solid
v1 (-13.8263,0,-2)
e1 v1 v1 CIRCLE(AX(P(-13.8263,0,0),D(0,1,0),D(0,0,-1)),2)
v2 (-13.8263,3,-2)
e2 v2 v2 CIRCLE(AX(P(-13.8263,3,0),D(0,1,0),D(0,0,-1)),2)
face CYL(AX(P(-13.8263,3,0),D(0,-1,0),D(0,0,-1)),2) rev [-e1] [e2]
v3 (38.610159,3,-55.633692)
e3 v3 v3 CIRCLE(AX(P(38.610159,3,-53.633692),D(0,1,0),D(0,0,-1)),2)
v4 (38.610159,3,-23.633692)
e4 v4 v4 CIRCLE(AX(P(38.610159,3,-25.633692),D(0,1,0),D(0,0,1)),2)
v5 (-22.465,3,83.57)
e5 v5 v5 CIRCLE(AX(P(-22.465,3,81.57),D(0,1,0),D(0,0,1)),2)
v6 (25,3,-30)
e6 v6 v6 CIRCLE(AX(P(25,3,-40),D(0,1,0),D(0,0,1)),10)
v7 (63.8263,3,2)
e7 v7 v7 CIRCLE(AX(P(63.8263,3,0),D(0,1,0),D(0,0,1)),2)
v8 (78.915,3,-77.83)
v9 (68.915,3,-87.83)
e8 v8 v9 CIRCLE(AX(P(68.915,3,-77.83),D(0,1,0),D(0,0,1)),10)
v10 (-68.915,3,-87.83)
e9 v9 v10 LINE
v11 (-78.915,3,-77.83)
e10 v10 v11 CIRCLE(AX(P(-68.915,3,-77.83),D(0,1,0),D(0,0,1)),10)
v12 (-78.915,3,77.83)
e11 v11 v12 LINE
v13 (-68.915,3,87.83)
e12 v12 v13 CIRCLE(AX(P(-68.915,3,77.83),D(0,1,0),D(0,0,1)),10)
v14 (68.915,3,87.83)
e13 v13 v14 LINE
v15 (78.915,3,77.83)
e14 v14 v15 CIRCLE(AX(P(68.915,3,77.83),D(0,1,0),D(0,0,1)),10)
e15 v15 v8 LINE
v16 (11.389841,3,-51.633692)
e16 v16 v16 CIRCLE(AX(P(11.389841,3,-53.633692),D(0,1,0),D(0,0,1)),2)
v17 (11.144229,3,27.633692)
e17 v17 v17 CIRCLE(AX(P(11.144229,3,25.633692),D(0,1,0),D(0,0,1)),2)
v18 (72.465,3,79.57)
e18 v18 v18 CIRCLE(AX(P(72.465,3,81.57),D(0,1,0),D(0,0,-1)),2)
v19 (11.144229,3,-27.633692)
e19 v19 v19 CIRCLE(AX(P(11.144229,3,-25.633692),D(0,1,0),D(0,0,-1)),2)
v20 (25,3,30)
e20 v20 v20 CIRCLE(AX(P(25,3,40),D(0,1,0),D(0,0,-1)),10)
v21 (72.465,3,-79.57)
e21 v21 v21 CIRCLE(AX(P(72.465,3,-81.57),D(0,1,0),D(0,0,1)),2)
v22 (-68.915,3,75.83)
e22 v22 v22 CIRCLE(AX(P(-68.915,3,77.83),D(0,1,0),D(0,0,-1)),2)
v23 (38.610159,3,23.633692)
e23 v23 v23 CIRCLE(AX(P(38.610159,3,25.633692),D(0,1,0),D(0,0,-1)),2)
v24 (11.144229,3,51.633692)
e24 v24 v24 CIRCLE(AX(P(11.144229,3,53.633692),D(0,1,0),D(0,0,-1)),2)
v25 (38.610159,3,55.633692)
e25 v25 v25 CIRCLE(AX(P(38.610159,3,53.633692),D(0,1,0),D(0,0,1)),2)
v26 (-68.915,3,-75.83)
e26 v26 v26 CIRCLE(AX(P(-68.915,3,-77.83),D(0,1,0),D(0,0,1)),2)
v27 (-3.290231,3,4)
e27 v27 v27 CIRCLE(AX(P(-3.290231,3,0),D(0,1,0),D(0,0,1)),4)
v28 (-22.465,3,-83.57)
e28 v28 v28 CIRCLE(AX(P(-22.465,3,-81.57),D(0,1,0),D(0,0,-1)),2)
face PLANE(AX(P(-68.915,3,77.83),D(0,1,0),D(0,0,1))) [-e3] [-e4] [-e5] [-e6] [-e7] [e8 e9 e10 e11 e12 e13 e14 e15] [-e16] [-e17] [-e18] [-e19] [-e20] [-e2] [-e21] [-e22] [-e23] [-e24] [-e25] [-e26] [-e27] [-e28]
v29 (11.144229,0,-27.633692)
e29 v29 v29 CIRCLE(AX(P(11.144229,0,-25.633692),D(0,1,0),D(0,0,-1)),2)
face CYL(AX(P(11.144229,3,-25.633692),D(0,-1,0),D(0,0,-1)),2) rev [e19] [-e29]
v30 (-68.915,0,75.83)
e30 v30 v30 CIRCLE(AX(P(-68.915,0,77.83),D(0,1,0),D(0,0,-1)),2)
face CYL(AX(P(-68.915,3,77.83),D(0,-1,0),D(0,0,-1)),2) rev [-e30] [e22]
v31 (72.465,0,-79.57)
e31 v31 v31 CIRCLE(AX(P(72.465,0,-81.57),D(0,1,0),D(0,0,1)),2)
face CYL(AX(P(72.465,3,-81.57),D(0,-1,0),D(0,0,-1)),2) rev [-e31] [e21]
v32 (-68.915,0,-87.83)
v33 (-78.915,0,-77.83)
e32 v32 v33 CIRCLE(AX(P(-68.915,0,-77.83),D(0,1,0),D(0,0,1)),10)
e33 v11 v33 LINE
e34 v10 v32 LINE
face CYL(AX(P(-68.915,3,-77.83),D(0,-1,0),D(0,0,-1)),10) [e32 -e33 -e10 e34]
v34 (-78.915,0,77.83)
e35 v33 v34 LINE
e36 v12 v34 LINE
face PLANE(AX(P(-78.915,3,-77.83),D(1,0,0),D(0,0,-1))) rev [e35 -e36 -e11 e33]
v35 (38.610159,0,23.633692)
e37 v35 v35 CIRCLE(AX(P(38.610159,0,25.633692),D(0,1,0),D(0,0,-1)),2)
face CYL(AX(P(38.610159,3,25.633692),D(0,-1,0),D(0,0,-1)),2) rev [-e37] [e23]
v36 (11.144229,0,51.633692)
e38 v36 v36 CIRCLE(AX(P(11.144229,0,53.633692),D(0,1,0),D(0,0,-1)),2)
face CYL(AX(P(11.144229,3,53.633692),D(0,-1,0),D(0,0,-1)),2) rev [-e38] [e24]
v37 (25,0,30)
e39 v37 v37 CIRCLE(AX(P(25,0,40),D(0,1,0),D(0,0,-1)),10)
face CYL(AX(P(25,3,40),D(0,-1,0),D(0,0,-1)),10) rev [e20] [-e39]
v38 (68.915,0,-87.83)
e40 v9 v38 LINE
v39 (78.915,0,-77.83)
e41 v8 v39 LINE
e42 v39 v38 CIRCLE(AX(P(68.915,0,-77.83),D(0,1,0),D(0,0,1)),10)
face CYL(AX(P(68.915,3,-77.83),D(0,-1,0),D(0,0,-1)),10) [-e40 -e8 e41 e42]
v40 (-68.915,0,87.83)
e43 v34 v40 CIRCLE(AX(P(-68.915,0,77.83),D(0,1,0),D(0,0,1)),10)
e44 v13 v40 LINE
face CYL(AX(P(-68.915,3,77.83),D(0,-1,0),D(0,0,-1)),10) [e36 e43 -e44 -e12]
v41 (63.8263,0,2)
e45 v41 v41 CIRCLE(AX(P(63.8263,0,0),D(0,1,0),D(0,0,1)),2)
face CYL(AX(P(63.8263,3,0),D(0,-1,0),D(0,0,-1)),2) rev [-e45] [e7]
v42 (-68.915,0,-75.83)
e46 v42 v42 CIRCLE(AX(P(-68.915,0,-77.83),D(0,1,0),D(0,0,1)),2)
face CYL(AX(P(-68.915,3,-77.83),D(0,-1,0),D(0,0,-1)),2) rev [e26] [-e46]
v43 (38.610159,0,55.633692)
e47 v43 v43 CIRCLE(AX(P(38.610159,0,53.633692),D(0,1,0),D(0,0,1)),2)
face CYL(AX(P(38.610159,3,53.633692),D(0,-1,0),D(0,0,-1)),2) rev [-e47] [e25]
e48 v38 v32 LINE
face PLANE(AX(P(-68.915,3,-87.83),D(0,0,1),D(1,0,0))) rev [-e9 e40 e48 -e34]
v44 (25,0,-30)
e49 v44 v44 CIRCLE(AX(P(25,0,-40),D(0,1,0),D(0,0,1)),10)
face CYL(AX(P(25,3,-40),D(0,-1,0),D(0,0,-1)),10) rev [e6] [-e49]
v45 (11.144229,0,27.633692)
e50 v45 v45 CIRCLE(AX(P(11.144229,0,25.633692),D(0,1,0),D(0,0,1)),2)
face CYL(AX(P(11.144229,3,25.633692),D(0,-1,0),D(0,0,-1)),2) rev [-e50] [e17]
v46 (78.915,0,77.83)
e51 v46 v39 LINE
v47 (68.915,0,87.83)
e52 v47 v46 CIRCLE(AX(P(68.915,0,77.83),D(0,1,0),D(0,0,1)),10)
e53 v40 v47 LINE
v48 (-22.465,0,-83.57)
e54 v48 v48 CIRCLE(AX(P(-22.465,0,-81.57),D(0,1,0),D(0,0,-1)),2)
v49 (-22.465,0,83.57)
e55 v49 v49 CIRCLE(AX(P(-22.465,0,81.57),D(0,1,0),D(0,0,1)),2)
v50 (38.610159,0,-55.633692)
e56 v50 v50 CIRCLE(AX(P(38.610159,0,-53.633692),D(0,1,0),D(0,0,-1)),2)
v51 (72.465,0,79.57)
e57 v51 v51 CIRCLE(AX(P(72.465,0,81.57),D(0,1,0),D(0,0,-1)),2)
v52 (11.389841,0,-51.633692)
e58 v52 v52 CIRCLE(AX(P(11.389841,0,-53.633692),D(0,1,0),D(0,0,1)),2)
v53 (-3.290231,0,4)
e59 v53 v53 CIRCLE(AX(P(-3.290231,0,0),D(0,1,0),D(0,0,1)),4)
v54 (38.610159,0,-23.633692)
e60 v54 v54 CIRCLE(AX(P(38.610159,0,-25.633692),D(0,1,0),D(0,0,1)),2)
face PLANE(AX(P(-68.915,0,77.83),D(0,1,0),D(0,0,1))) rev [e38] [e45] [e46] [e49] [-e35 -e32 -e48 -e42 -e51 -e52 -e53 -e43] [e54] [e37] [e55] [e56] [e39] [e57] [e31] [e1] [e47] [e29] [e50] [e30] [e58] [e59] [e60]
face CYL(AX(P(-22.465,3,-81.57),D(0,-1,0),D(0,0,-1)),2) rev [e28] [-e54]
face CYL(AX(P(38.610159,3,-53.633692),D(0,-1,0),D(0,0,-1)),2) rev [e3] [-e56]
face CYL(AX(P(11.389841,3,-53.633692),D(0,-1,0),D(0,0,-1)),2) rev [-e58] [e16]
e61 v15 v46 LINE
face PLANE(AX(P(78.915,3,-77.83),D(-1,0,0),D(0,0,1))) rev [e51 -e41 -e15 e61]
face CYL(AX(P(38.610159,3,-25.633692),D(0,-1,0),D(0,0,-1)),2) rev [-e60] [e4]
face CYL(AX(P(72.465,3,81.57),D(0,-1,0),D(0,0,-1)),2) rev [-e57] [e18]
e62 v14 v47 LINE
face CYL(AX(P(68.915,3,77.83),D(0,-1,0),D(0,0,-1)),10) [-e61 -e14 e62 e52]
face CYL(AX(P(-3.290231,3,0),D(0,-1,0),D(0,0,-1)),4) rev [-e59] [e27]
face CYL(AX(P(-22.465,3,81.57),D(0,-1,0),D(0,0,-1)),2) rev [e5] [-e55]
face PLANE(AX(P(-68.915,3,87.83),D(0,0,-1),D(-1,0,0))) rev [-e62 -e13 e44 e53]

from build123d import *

# Parameters (mm, degrees)
SKETCH_1_R      = 2
SKETCH_1_R_2    = 10
SKETCH_1_R_3    = 4
EXTRUDE_1_DEPTH = 3


with BuildPart() as part:
    # 草图1 → 凸台-拉伸1 (new body)
    with BuildSketch(Plane(origin=(0, 0, 0), x_dir=(1, 0, 0), z_dir=(0, 1, 0))):
        with BuildLine():
            Line((-78.915, 77.83), (-78.915, -77.83))
            ThreePointArc((-78.915, -77.83), (-75.986067812, -84.901067812), (-68.915, -87.83))
            Line((-68.915, -87.83), (68.915, -87.83))
            ThreePointArc((68.915, -87.83), (75.986067812, -84.901067812), (78.915, -77.83))
            Line((78.915, -77.83), (78.915, 77.83))
            ThreePointArc((78.915, 77.83), (75.986067812, 84.901067812), (68.915, 87.83))
            Line((68.915, 87.83), (-68.915, 87.83))
            ThreePointArc((-68.915, 87.83), (-75.986067812, 84.901067812), (-78.915, 77.83))
        make_face()
        with Locations(Location((72.465, 81.57, 0), (0, 0, 270))):
            Circle(SKETCH_1_R, mode=Mode.SUBTRACT)
        with Locations(Location((72.465, -81.57, 0), (0, 0, 90))):
            Circle(SKETCH_1_R, mode=Mode.SUBTRACT)
        with Locations(Location((-22.465, -81.57, 0), (0, 0, 270))):
            Circle(SKETCH_1_R, mode=Mode.SUBTRACT)
        with Locations(Location((-22.465, 81.57, 0), (0, 0, 90))):
            Circle(SKETCH_1_R, mode=Mode.SUBTRACT)
        with Locations(Location((-68.915, 77.83, 0), (0, 0, 270))):
            Circle(SKETCH_1_R, mode=Mode.SUBTRACT)
        with Locations(Location((-68.915, -77.83, 0), (0, 0, 90))):
            Circle(SKETCH_1_R, mode=Mode.SUBTRACT)
        with Locations(Location((25, 40, 0), (0, 0, 270))):
            Circle(SKETCH_1_R_2, mode=Mode.SUBTRACT)
        with Locations(Location((38.610158608, 53.633692132, 0), (0, 0, 90))):
            Circle(SKETCH_1_R, mode=Mode.SUBTRACT)
        with Locations(Location((38.610158608, 25.633692132, 0), (0, 0, 270))):
            Circle(SKETCH_1_R, mode=Mode.SUBTRACT)
        with Locations(Location((11.144228788, 25.633692132, 0), (0, 0, 90))):
            Circle(SKETCH_1_R, mode=Mode.SUBTRACT)
        with Locations(Location((25, -40, 0), (0, 0, 90))):
            Circle(SKETCH_1_R_2, mode=Mode.SUBTRACT)
        with Locations(Location((11.144228788, -25.633692132, 0), (0, 0, 270))):
            Circle(SKETCH_1_R, mode=Mode.SUBTRACT)
        with Locations(Location((38.610158608, -25.633692132, 0), (0, 0, 90))):
            Circle(SKETCH_1_R, mode=Mode.SUBTRACT)
        with Locations(Location((38.610158608, -53.633692132, 0), (0, 0, 270))):
            Circle(SKETCH_1_R, mode=Mode.SUBTRACT)
        with Locations(Location((11.144228788, -53.633692132, 0), (0, 0, 90))):
            Circle(SKETCH_1_R, mode=Mode.SUBTRACT)
        with Locations(Location((11.389841392, 53.633692132, 0), (0, 0, 270))):
            Circle(SKETCH_1_R, mode=Mode.SUBTRACT)
        with Locations(Location((63.82629955, 0, 0), (0, 0, 270))):
            Circle(SKETCH_1_R, mode=Mode.SUBTRACT)
        with Locations(Location((-13.82629955, 0, 0), (0, 0, 90))):
            Circle(SKETCH_1_R, mode=Mode.SUBTRACT)
        with Locations(Location((-3.290231438, 0, 0), (0, 0, 270))):
            Circle(SKETCH_1_R_3, mode=Mode.SUBTRACT)
    extrude(amount=EXTRUDE_1_DEPTH)


solid = part.part
